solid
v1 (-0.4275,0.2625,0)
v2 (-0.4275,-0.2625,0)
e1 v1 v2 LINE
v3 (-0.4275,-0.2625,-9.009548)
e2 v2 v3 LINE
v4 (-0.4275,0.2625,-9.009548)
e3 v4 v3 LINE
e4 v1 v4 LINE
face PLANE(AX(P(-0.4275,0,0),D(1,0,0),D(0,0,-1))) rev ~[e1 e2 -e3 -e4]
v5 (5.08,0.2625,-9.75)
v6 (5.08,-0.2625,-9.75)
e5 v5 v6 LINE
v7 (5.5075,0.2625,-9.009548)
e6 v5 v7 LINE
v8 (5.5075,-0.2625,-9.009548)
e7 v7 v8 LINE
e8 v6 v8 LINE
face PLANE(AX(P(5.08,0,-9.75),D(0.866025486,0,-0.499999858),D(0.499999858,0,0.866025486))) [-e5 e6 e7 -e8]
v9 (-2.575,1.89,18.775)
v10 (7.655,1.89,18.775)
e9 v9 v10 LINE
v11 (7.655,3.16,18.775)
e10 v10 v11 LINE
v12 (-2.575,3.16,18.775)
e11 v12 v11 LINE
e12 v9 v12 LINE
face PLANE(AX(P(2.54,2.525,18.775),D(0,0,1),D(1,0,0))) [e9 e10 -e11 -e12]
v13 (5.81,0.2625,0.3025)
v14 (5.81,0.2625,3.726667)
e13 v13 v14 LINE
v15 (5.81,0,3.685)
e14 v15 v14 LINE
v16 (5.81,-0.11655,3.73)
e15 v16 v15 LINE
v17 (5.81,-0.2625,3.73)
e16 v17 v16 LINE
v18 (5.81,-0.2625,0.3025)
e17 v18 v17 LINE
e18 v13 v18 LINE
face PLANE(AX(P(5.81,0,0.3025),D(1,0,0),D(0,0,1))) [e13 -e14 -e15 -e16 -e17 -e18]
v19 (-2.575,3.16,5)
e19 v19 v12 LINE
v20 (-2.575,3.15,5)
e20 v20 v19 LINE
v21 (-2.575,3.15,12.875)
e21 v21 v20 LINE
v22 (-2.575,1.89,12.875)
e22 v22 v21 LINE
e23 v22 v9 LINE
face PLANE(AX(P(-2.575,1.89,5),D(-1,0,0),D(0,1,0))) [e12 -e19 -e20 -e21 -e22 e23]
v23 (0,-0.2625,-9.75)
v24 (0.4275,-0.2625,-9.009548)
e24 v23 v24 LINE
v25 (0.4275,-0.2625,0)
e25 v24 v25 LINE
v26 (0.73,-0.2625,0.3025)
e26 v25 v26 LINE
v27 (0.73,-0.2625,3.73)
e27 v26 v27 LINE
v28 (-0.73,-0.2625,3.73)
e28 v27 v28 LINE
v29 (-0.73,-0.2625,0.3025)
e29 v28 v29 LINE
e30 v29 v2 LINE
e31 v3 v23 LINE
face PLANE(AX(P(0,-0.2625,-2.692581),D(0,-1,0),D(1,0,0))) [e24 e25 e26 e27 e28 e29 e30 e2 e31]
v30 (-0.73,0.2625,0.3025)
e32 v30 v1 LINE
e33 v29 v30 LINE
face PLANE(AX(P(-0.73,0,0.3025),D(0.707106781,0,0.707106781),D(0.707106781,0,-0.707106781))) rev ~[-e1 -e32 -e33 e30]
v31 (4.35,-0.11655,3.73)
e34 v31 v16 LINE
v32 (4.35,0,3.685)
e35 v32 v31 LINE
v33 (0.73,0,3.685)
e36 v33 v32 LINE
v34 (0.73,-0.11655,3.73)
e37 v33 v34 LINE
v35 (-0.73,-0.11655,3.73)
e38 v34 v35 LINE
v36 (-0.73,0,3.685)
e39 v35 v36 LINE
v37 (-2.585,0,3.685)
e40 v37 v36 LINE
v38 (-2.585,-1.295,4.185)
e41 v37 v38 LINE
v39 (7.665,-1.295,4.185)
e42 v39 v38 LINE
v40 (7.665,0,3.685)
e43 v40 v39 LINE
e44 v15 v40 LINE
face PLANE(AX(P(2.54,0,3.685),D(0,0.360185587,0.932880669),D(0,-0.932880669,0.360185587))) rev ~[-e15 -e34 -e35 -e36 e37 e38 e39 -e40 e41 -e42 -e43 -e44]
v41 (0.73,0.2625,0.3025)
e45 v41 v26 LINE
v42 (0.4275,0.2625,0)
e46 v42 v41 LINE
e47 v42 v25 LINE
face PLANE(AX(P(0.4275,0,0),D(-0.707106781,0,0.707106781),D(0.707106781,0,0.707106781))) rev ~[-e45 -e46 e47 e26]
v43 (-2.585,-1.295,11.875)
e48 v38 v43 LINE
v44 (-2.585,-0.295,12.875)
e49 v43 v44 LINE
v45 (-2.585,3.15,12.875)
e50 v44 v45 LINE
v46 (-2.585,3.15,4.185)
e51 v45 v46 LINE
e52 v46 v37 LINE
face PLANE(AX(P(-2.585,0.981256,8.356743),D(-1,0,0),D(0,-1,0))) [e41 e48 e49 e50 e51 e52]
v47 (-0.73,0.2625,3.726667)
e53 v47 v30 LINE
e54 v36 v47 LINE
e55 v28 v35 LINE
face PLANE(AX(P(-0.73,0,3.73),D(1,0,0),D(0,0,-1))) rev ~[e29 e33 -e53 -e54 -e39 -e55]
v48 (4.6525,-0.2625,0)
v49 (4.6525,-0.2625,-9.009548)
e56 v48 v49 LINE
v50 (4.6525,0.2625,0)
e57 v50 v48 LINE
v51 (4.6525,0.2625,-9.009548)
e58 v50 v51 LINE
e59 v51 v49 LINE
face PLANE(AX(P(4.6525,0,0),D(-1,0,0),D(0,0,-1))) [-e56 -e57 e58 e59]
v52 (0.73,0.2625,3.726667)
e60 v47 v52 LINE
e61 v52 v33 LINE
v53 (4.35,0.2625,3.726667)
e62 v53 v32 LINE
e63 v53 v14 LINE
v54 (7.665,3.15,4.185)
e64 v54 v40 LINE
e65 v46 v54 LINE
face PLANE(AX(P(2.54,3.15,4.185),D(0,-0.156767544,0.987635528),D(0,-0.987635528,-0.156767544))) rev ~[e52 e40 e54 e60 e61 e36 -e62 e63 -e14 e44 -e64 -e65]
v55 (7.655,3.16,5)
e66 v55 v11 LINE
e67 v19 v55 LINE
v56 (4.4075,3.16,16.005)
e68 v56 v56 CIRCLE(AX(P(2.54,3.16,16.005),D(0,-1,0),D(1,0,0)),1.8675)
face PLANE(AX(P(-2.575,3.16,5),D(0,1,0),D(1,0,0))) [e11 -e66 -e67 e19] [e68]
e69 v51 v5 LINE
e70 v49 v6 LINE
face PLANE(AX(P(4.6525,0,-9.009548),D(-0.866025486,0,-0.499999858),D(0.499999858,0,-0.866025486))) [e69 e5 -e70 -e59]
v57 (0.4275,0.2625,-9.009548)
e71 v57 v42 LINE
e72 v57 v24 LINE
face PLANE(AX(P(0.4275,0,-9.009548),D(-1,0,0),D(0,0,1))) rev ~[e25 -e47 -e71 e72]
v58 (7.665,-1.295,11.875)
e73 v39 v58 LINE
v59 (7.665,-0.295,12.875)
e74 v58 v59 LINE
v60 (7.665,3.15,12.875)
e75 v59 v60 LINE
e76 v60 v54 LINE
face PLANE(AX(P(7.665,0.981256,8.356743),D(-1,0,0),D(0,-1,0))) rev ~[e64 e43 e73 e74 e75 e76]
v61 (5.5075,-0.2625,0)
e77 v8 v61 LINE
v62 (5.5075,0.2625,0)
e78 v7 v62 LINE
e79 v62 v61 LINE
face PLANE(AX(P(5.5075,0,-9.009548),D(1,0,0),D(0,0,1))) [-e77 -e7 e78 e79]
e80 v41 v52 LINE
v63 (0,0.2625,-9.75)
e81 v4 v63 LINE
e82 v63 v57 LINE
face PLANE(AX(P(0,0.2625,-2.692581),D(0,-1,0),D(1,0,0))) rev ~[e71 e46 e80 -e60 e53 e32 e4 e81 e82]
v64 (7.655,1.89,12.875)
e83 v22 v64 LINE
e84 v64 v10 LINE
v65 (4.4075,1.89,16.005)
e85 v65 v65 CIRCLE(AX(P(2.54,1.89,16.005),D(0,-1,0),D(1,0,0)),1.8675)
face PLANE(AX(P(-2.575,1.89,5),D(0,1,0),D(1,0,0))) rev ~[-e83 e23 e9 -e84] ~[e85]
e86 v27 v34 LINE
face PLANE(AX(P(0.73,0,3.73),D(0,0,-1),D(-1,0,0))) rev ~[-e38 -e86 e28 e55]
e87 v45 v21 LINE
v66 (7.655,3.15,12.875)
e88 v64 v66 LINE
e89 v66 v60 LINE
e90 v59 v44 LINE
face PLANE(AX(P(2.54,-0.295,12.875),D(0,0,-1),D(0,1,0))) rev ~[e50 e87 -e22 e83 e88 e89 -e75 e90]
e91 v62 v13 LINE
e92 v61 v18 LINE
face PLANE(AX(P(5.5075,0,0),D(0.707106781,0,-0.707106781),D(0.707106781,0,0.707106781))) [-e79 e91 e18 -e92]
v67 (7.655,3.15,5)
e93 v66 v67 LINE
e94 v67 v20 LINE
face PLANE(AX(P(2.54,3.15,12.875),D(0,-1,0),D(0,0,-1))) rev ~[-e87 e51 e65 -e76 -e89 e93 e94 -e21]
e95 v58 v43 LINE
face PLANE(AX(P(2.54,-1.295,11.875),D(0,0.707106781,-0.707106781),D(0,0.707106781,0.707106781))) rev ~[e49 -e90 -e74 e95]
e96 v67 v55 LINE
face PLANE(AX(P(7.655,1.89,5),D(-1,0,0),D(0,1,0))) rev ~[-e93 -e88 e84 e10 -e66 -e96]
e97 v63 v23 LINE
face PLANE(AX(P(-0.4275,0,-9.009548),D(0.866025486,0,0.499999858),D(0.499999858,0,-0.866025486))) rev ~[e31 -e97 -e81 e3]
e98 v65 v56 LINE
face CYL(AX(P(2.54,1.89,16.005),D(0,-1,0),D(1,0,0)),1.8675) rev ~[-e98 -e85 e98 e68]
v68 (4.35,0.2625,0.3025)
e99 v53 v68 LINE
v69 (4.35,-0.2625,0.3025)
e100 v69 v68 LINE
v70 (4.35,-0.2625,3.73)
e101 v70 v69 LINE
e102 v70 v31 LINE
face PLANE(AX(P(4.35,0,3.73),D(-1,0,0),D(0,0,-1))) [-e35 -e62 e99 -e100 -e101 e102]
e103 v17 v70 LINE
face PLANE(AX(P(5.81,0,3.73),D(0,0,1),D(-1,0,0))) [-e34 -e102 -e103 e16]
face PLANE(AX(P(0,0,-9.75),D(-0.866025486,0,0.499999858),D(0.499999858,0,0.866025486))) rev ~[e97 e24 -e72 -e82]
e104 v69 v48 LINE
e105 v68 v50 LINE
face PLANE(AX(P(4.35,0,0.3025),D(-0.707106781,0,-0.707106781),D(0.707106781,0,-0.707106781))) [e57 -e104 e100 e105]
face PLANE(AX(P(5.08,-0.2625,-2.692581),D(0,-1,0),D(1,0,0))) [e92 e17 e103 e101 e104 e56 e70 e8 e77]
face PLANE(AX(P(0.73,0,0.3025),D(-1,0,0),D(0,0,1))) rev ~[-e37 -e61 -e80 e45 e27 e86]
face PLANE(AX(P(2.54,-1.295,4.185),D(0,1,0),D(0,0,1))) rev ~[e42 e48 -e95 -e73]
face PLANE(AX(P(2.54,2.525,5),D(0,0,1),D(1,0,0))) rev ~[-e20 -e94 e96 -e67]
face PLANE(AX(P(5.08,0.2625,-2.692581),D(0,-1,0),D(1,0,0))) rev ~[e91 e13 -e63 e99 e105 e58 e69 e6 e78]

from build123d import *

# Parameters (mm, degrees)
SKETCH004_W  = 10.23
SKETCH004_H  = 1.27
PAD002_DEPTH = 13.775
SKETCH005_R  = 1.8675
POCKET_DEPTH = 1.271
PAD_DEPTH    = 0.2625
PAD001_DEPTH = 5.125


with BuildPart() as pocket:
    # Sketch004 → Pad002 (new body)
    with BuildSketch(Plane.XY.offset(5)):
        with Locations((2.54, 2.525)):
            Rectangle(SKETCH004_W, SKETCH004_H)
    extrude(amount=PAD002_DEPTH)

    # Sketch005 → Pocket (cut, through all)
    with BuildSketch(Plane(origin=(0, 1.89, 5), x_dir=(1, 0, 0), z_dir=(0, -1, 0))):
        with Locations((2.54, 11.005)):
            Circle(SKETCH005_R)
    extrude(amount=-POCKET_DEPTH, mode=Mode.SUBTRACT)


with BuildPart() as pad:
    # Sketch → Pad (new body, symmetric)
    with BuildSketch(Plane.XZ):
        Polygon((-0.73, 0.3025), (-0.4275, 0), (-0.4275, -9.009548), (0, -9.75), (0.4275, -9.009548), (0.4275, 0), (0.73, 0.3025), (0.73, 3.73), (-0.73, 3.73), align=None)
        Polygon((4.35, 0.3025), (4.6525, 0), (4.6525, -9.009548), (5.08, -9.75), (5.5075, -9.009548), (5.5075, 0), (5.81, 0.3025), (5.81, 3.73), (4.35, 3.73), align=None)
    extrude(amount=PAD_DEPTH, both=True)


with BuildPart() as to_220_2_vertical:
    # Sketch001 → Pad001 (new body, symmetric)
    with BuildSketch(Plane.YZ.offset(2.54)):
        Polygon((0, 3.685), (-1.295, 4.185), (-1.295, 11.875), (-0.295, 12.875), (3.15, 12.875), (3.15, 4.185), align=None)
    extrude(amount=PAD001_DEPTH, both=True)

    # Pad001_mp_cp: union Pocket, Pad
    add(pocket.part)
    add(pad.part)


solid = to_220_2_vertical.part
